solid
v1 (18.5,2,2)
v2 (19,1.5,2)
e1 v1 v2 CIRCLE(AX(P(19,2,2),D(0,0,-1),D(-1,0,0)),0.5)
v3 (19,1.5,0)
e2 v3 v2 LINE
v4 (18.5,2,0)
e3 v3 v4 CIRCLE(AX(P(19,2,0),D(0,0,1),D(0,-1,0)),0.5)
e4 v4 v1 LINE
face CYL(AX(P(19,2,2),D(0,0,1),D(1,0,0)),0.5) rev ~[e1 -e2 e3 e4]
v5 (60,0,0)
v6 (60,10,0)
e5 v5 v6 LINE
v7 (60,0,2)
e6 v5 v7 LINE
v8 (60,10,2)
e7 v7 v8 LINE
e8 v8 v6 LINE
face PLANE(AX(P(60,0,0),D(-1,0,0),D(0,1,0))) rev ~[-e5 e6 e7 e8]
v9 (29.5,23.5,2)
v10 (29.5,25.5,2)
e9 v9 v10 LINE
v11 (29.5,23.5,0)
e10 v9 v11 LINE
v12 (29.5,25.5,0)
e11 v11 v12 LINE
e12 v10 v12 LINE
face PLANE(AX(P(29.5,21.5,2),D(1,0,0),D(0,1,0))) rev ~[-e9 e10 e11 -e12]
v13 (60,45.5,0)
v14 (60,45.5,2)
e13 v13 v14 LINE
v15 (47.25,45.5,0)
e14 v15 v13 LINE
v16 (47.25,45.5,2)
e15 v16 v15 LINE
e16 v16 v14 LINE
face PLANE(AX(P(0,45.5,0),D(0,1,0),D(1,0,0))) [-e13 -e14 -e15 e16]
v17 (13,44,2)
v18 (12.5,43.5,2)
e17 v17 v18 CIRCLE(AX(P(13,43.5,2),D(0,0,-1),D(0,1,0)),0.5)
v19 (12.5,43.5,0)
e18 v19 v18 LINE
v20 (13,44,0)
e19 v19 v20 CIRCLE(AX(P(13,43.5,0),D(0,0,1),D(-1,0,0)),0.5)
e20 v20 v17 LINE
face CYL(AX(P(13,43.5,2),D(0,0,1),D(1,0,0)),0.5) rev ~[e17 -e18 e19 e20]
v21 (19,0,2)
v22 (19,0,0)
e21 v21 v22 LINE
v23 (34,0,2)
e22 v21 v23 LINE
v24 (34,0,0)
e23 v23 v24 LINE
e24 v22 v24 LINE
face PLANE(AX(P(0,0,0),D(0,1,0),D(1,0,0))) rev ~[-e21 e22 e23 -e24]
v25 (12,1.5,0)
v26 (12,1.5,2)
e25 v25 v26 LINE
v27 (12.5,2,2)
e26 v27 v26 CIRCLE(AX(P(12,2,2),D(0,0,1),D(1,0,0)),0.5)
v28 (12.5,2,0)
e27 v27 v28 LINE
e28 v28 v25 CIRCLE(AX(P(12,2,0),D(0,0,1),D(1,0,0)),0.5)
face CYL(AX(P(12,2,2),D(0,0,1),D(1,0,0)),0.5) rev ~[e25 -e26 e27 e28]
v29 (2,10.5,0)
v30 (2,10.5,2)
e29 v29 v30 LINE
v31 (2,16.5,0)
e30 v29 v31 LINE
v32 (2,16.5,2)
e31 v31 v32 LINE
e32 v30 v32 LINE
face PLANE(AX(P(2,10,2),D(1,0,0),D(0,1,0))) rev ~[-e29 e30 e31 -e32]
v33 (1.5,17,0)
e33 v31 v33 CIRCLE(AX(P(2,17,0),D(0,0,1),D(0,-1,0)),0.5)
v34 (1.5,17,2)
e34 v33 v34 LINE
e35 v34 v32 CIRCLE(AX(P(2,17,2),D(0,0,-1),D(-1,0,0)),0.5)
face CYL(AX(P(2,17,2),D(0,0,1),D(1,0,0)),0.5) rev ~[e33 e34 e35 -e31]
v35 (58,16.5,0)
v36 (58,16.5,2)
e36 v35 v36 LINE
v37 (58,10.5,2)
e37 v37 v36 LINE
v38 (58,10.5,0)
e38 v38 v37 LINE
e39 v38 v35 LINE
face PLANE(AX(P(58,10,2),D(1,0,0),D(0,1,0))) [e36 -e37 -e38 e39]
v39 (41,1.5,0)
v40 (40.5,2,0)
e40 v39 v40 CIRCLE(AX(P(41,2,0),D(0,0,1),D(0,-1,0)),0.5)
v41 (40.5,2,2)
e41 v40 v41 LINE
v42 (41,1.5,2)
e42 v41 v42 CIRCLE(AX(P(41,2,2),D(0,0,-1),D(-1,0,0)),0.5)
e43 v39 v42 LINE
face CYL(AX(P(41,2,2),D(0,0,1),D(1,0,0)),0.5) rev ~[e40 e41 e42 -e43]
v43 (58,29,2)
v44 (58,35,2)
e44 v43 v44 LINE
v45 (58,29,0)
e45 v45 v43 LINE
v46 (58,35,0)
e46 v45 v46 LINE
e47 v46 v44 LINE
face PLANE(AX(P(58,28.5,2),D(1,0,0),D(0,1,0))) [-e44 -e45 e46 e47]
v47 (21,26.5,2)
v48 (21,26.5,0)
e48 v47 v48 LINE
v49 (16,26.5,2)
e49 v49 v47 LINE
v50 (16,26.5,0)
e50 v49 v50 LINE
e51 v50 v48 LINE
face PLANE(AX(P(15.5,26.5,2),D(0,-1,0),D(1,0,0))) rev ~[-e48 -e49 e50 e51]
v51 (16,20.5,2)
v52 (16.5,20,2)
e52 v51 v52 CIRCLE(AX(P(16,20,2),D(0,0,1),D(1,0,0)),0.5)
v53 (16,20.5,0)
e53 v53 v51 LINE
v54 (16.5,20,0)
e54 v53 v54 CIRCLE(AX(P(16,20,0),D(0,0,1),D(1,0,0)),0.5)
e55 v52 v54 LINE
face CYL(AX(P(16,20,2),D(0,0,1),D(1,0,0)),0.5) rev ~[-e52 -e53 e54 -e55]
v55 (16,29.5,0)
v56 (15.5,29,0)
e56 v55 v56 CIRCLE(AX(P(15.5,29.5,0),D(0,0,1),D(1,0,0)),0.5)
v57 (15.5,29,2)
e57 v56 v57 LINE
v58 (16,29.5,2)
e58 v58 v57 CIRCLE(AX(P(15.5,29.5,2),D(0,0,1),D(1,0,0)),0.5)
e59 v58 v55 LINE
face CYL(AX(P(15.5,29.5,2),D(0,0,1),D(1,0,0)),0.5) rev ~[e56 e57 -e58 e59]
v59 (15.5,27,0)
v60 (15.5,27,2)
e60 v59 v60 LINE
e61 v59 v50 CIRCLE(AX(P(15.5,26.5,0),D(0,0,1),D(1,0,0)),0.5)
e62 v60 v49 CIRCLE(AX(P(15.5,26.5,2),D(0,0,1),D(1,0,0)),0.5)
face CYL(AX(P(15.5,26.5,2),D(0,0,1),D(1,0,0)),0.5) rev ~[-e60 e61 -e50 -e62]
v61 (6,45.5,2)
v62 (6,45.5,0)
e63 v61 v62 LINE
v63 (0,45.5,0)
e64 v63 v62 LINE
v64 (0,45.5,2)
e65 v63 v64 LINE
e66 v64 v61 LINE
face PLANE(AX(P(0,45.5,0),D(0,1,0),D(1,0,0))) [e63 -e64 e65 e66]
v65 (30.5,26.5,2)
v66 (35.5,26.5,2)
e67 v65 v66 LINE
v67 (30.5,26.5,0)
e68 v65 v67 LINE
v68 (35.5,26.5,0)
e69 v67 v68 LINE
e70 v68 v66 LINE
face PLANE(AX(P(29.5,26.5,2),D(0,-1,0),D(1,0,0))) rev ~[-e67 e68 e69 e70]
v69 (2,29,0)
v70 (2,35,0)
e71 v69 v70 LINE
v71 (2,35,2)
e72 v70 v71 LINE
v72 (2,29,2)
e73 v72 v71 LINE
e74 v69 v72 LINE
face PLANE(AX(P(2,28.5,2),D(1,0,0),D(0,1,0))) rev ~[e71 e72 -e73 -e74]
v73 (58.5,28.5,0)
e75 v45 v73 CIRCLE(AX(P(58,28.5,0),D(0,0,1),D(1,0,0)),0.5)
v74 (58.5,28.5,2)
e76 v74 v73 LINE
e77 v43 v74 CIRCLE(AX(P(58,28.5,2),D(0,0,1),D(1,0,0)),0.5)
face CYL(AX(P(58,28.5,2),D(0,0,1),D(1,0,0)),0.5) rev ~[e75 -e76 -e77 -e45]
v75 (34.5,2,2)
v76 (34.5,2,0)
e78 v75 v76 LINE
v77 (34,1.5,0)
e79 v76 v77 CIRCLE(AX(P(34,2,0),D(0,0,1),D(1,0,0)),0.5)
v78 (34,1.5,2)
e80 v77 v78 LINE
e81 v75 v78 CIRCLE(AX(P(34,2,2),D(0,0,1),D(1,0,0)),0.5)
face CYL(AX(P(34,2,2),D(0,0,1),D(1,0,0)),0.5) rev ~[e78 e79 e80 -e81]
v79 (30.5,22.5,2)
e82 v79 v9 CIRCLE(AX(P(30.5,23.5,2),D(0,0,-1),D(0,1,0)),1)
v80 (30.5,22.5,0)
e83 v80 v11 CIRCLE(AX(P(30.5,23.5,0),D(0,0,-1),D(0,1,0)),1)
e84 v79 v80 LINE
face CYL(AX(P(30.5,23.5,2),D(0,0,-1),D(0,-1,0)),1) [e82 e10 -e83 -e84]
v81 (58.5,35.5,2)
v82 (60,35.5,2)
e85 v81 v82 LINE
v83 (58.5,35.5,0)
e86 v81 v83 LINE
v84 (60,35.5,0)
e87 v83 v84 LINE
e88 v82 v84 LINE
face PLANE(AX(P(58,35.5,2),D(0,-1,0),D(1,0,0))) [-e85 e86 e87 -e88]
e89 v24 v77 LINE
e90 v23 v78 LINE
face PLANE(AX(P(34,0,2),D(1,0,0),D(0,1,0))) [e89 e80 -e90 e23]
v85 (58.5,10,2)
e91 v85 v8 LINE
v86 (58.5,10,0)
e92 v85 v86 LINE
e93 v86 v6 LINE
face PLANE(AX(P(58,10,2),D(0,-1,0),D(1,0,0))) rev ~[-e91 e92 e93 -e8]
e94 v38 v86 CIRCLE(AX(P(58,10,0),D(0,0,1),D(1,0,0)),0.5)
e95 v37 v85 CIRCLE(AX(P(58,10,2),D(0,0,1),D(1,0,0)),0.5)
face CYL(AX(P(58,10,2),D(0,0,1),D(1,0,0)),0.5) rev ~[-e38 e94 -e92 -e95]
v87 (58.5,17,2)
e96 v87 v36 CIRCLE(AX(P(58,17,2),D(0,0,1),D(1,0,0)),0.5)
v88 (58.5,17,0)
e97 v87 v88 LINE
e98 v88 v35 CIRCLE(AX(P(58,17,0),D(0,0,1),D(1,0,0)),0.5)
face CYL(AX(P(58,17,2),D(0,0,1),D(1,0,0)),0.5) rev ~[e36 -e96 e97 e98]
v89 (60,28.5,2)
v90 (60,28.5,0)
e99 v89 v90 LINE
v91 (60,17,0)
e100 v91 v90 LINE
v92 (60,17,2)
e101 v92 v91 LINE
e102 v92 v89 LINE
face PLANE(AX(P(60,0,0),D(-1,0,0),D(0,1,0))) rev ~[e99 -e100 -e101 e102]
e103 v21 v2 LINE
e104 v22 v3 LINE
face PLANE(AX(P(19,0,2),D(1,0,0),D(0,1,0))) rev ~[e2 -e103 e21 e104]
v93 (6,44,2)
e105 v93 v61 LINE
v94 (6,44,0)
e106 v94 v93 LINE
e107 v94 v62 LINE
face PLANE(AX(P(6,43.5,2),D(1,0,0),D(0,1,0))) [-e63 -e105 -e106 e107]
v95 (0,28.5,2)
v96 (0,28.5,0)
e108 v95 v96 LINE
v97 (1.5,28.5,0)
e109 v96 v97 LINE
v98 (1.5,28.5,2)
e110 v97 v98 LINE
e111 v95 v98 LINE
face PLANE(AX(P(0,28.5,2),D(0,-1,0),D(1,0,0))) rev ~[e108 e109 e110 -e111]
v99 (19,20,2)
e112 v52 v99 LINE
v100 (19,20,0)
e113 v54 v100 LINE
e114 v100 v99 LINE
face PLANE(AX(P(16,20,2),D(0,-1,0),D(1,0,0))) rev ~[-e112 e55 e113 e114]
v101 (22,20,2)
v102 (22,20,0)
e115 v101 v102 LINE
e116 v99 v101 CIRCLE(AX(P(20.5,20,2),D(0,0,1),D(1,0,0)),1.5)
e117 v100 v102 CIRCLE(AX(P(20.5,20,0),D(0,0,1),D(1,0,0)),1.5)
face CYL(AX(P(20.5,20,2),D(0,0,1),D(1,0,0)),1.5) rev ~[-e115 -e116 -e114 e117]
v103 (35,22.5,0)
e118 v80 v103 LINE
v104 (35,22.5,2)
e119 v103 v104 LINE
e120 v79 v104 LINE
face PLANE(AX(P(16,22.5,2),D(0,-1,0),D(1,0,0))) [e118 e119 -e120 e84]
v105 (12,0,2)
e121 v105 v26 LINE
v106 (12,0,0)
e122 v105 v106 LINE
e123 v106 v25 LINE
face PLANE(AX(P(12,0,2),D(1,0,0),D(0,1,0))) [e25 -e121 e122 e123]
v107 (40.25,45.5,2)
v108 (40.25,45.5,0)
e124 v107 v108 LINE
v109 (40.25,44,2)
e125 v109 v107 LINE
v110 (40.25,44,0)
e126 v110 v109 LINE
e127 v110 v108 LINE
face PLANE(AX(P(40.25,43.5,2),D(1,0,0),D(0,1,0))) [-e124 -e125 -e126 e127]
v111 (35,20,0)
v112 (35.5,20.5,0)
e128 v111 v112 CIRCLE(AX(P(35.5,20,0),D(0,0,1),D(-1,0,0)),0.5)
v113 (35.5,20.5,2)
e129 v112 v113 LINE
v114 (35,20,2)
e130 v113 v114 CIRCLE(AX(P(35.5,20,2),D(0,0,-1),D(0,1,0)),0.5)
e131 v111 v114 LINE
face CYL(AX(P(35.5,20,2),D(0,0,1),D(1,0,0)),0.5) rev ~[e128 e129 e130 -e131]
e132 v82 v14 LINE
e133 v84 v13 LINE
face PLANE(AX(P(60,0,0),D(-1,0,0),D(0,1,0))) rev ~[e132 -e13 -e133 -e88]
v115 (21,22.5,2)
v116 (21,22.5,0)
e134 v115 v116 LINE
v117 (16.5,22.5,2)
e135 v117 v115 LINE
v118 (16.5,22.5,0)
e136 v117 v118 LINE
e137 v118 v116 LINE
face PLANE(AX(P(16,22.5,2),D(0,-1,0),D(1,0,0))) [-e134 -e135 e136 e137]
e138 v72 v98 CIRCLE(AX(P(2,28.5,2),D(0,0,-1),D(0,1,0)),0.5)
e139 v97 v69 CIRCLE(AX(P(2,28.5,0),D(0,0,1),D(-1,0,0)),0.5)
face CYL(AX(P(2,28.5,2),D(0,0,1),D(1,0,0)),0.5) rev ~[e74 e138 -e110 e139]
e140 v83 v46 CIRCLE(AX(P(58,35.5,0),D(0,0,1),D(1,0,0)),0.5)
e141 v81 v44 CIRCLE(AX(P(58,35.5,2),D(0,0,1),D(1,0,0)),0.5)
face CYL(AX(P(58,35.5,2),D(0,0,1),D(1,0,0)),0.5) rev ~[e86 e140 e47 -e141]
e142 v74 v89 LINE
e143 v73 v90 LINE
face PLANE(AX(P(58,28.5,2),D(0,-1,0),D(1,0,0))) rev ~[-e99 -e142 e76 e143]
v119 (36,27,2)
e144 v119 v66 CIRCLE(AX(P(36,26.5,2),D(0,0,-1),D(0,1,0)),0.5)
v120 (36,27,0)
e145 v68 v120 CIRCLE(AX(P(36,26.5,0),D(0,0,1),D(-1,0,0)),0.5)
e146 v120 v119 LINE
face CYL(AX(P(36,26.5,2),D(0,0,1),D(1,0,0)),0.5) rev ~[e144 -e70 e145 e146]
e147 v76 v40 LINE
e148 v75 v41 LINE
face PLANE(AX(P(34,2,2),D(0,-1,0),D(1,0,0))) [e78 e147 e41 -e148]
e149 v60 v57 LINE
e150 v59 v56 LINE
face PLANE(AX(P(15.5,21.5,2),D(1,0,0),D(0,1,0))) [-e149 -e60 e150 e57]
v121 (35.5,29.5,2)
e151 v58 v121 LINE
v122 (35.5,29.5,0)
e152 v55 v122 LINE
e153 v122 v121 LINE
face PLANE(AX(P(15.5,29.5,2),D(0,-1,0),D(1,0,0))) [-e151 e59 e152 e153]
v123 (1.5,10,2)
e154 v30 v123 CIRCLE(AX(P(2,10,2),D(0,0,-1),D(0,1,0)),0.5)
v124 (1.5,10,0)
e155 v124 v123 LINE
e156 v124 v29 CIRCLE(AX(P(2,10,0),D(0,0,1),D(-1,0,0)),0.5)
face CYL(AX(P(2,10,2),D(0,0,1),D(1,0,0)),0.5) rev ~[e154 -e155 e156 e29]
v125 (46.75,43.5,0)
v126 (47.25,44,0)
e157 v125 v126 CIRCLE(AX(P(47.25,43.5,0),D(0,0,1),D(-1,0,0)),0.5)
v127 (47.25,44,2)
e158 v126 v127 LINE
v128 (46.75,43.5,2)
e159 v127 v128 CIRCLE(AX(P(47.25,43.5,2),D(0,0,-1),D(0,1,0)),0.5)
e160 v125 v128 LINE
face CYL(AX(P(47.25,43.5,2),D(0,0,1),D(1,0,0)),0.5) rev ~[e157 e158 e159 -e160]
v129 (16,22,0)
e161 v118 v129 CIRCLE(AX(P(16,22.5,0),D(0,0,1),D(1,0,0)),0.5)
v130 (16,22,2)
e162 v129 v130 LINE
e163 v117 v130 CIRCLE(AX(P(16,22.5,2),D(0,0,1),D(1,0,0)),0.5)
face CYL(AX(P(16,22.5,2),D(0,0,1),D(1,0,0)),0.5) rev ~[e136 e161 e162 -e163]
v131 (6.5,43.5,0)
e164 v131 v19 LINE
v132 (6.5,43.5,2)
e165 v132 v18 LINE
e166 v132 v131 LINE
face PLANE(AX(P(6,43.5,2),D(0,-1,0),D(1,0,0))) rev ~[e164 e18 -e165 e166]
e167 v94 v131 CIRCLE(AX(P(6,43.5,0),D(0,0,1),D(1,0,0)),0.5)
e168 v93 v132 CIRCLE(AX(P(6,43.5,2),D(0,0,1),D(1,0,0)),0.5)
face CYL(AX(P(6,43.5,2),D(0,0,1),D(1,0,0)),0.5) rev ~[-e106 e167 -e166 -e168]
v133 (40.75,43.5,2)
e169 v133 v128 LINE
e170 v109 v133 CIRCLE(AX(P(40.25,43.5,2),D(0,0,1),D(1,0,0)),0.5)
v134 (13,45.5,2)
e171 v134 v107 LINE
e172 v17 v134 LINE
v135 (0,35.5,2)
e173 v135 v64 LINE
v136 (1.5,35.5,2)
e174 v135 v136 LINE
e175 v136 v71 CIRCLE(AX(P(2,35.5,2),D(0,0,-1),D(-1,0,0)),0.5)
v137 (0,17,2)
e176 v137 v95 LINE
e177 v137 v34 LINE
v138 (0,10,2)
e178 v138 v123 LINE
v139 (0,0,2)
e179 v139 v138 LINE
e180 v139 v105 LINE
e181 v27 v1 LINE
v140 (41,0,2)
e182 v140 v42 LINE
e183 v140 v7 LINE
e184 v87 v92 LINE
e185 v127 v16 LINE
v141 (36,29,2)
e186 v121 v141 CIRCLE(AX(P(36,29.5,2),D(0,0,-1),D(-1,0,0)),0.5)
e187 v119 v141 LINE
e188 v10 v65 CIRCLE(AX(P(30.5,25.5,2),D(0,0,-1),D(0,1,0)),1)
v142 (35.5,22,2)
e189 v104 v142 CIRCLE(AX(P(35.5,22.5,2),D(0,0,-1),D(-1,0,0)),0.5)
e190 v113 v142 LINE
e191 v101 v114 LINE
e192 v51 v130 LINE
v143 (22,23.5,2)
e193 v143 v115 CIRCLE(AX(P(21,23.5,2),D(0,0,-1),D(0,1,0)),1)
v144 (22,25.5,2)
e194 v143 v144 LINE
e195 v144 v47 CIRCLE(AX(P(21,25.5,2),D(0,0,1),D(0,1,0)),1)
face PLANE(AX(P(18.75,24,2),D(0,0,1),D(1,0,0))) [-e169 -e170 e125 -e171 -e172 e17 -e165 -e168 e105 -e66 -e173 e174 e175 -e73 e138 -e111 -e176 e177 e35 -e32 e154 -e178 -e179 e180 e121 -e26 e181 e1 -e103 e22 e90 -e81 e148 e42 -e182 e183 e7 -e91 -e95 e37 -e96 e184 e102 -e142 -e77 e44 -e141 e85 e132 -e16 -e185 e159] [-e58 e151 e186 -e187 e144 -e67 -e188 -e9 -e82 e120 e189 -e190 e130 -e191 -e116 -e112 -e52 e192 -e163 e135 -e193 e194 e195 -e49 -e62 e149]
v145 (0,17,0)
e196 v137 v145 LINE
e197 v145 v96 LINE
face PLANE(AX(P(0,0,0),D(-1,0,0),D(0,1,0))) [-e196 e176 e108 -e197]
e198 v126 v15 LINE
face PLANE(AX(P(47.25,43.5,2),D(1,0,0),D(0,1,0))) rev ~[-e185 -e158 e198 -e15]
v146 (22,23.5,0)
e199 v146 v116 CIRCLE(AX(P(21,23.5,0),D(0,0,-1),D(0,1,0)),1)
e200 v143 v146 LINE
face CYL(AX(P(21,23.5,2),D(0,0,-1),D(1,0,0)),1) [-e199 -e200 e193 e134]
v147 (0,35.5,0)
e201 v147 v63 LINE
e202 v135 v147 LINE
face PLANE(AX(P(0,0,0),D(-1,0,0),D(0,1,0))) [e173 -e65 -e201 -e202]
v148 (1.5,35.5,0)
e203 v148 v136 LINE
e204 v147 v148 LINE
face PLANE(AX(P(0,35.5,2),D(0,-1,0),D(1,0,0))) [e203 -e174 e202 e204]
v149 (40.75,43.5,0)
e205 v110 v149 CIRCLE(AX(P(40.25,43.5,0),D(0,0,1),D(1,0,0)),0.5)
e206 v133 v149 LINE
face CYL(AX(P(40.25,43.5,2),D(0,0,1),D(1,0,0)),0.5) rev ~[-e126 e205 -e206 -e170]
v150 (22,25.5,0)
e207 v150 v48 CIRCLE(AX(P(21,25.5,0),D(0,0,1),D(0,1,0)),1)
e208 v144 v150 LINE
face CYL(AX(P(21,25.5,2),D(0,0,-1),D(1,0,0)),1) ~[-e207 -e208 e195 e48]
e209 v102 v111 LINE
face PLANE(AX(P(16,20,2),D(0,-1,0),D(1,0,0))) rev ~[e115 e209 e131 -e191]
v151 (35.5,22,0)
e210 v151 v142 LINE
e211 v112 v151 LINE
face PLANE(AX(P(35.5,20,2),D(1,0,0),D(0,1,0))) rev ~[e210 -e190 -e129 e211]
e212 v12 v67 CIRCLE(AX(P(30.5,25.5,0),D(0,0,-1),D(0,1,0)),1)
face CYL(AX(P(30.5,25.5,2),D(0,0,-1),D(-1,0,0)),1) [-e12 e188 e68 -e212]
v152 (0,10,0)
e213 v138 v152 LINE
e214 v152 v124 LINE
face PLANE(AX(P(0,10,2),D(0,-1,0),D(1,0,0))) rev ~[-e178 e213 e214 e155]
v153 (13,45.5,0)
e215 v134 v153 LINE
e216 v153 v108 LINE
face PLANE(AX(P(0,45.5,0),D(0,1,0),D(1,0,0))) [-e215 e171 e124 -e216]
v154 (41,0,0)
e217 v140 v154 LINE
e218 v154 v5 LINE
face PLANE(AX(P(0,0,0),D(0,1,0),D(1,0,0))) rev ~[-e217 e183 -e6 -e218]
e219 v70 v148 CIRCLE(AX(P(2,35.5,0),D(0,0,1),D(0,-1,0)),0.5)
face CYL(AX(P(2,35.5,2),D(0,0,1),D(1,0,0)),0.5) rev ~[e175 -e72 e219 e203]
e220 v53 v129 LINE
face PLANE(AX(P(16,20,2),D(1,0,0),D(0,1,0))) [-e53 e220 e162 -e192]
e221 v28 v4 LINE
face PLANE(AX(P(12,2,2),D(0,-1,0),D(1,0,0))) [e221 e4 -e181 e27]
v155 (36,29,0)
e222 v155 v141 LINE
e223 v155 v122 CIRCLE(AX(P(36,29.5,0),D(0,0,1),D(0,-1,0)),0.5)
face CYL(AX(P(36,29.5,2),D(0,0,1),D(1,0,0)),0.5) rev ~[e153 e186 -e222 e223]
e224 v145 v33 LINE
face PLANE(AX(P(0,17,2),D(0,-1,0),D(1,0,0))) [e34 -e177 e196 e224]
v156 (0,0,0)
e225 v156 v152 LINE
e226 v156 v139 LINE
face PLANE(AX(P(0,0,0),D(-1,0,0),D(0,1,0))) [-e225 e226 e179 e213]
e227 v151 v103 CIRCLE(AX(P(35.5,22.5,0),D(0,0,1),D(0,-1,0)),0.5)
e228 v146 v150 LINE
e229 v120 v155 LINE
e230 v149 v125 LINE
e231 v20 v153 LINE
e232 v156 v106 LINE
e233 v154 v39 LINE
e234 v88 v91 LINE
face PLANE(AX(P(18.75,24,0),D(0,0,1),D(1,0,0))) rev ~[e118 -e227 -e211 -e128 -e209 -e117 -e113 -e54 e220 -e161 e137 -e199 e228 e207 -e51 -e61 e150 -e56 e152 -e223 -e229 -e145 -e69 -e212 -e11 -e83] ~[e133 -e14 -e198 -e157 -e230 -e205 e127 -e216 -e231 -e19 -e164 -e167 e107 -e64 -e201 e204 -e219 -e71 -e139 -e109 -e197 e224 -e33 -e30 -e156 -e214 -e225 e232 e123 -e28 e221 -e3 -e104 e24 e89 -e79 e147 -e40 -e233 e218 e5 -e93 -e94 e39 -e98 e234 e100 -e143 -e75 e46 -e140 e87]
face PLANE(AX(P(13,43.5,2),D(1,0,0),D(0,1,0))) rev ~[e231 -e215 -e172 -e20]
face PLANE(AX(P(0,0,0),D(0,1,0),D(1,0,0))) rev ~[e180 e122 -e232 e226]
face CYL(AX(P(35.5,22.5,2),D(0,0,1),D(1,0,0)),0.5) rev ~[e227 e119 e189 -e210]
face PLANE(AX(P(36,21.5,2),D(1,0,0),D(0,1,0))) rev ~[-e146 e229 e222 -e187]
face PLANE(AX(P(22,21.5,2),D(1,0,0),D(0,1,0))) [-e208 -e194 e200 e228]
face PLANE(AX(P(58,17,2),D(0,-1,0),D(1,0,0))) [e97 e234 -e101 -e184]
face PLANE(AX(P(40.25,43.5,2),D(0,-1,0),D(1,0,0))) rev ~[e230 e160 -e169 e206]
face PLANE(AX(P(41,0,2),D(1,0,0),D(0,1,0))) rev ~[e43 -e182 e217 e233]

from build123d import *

# Parameters (mm, degrees)
SKETCH_1_W          = 60
SKETCH_1_H          = 45.5
EXTRUDE_1_DEPTH     = 2
SKETCH_2_W          = 7
SKETCH_2_H          = 2
SKETCH_2_W_2        = 2
SKETCH_2_H_2        = 7
CUT_EXTRUDE_1_DEPTH = 76.327617777
SKETCH_4_R          = 0.5
CUT_EXTRUDE_2_DEPTH = 76.327617777
SKETCH_5_W          = 20.5
SKETCH_5_H          = 8
CUT_EXTRUDE_3_DEPTH = 76.327617777
SKETCH_6_W          = 6.5
SKETCH_6_H          = 5
EXTRUDE_2_DEPTH     = 2
SKETCH_7_R          = 0.5
CUT_EXTRUDE_4_DEPTH = 76.327617777
SKETCH_8_W          = 19.5
SKETCH_8_H          = 2.5
CUT_EXTRUDE_5_DEPTH = 76.327617777
FILLET_1_R          = 1
SKETCH_9_R          = 0.5
CUT_EXTRUDE_6_DEPTH = 2
SKETCH_10_R         = 1.5
CUT_EXTRUDE_7_DEPTH = 76.327617777


with BuildPart() as part:
    # 草图1 → 凸台-拉伸1 (new body)
    with BuildSketch(Plane.XY):
        with Locations((30, 22.75)):
            Rectangle(SKETCH_1_W, SKETCH_1_H)
    extrude(amount=EXTRUDE_1_DEPTH)

    # 草图2 → 切除-拉伸1 (cut, through all)
    with BuildSketch(Plane.XY.offset(2)):
        with Locations((9.5, 44.5)):
            Rectangle(SKETCH_2_W, SKETCH_2_H)
        with Locations((43.75, 44.5)):
            Rectangle(SKETCH_2_W, SKETCH_2_H)
        with Locations((15.5, 1)):
            Rectangle(SKETCH_2_W, SKETCH_2_H)
        with Locations((37.5, 1)):
            Rectangle(SKETCH_2_W, SKETCH_2_H)
        with Locations((1, 32)):
            Rectangle(SKETCH_2_W_2, SKETCH_2_H_2)
        with Locations((1, 13.5)):
            Rectangle(SKETCH_2_W_2, SKETCH_2_H_2)
        with Locations((59, 32)):
            Rectangle(SKETCH_2_W_2, SKETCH_2_H_2)
        with Locations((59, 13.5)):
            Rectangle(SKETCH_2_W_2, SKETCH_2_H_2)
    extrude(amount=-CUT_EXTRUDE_1_DEPTH, mode=Mode.SUBTRACT)

    # 草图4 → 切除-拉伸2 (cut, through all)
    with BuildSketch(Plane.XY.offset(2)):
        with Locations((6, 43.5)):
            Circle(SKETCH_4_R)
    cut_extrude_2 = extrude(amount=-CUT_EXTRUDE_2_DEPTH, mode=Mode.SUBTRACT)

    # 草图5 → 切除-拉伸3 (cut, through all)
    with BuildSketch(Plane.XY.offset(2)):
        with Locations((25.75, 25.5)):
            Rectangle(SKETCH_5_W, SKETCH_5_H)
    extrude(amount=-CUT_EXTRUDE_3_DEPTH, mode=Mode.SUBTRACT)

    # 草图6 → 凸台-拉伸2 (add)
    with BuildSketch(Plane.XY.offset(2)):
        with Locations((18.75, 24)):
            Rectangle(SKETCH_6_W, SKETCH_6_H)
        with Locations((32.75, 24)):
            Rectangle(SKETCH_6_W, SKETCH_6_H)
    extrude(amount=-EXTRUDE_2_DEPTH)

    # 草图7 → 切除-拉伸4 (cut, through all)
    with BuildSketch(Plane.XY.offset(2)):
        with Locations((15.5, 29.5)):
            Circle(SKETCH_7_R)
        with Locations((15.5, 26.5)):
            Circle(SKETCH_7_R)
        with Locations((36, 29.5)):
            Circle(SKETCH_7_R)
        with Locations((36, 26.5)):
            Circle(SKETCH_7_R)
    extrude(amount=-CUT_EXTRUDE_4_DEPTH, mode=Mode.SUBTRACT)

    # 草图8 → 切除-拉伸5 (cut, through all)
    with BuildSketch(Plane.XY.offset(2)):
        with Locations((25.75, 21.25)):
            Rectangle(SKETCH_8_W, SKETCH_8_H)
    extrude(amount=-CUT_EXTRUDE_5_DEPTH, mode=Mode.SUBTRACT)

    # 圆角1
    fillet_1_edges = [part.edges().sort_by_distance(p)[0] for p in [
        (22, 26.5, 1),
        (29.5, 26.5, 1),
        (29.5, 22.5, 1),
        (22, 22.5, 1),
    ]]
    fillet(fillet_1_edges, radius=FILLET_1_R)

    # 草图阵列1: 切除-拉伸2 at 15 more places
    with Locations((7, 0, 0), (34.25, 0, 0), (41.25, 0, 0), (6, -41.5, 0), (13, -41.5, 0), (28, -41.5, 0), (35, -41.5, 0), (-4, -8, 0), (-4, -15, 0), (-4, -26.5, 0), (-4, -33.5, 0), (52, -8, 0), (52, -15, 0), (52, -26.5, 0), (52, -33.5, 0)):
        add(cut_extrude_2, mode=Mode.SUBTRACT)

    # 草图9 → 切除-拉伸6 (cut)
    with BuildSketch(Plane.XY.offset(2)):
        with Locations((16, 20)):
            Circle(SKETCH_9_R)
        with Locations((16, 22.5)):
            Circle(SKETCH_9_R)
        with Locations((35.5, 20)):
            Circle(SKETCH_9_R)
        with Locations((35.5, 22.5)):
            Circle(SKETCH_9_R)
    extrude(amount=-CUT_EXTRUDE_6_DEPTH, mode=Mode.SUBTRACT)

    # 草图10 → 切除-拉伸7 (cut, through all)
    with BuildSketch(Plane.XY.offset(2)):
        with Locations((20.5, 20)):
            Circle(SKETCH_10_R)
    extrude(amount=-CUT_EXTRUDE_7_DEPTH, mode=Mode.SUBTRACT)


solid = part.part
